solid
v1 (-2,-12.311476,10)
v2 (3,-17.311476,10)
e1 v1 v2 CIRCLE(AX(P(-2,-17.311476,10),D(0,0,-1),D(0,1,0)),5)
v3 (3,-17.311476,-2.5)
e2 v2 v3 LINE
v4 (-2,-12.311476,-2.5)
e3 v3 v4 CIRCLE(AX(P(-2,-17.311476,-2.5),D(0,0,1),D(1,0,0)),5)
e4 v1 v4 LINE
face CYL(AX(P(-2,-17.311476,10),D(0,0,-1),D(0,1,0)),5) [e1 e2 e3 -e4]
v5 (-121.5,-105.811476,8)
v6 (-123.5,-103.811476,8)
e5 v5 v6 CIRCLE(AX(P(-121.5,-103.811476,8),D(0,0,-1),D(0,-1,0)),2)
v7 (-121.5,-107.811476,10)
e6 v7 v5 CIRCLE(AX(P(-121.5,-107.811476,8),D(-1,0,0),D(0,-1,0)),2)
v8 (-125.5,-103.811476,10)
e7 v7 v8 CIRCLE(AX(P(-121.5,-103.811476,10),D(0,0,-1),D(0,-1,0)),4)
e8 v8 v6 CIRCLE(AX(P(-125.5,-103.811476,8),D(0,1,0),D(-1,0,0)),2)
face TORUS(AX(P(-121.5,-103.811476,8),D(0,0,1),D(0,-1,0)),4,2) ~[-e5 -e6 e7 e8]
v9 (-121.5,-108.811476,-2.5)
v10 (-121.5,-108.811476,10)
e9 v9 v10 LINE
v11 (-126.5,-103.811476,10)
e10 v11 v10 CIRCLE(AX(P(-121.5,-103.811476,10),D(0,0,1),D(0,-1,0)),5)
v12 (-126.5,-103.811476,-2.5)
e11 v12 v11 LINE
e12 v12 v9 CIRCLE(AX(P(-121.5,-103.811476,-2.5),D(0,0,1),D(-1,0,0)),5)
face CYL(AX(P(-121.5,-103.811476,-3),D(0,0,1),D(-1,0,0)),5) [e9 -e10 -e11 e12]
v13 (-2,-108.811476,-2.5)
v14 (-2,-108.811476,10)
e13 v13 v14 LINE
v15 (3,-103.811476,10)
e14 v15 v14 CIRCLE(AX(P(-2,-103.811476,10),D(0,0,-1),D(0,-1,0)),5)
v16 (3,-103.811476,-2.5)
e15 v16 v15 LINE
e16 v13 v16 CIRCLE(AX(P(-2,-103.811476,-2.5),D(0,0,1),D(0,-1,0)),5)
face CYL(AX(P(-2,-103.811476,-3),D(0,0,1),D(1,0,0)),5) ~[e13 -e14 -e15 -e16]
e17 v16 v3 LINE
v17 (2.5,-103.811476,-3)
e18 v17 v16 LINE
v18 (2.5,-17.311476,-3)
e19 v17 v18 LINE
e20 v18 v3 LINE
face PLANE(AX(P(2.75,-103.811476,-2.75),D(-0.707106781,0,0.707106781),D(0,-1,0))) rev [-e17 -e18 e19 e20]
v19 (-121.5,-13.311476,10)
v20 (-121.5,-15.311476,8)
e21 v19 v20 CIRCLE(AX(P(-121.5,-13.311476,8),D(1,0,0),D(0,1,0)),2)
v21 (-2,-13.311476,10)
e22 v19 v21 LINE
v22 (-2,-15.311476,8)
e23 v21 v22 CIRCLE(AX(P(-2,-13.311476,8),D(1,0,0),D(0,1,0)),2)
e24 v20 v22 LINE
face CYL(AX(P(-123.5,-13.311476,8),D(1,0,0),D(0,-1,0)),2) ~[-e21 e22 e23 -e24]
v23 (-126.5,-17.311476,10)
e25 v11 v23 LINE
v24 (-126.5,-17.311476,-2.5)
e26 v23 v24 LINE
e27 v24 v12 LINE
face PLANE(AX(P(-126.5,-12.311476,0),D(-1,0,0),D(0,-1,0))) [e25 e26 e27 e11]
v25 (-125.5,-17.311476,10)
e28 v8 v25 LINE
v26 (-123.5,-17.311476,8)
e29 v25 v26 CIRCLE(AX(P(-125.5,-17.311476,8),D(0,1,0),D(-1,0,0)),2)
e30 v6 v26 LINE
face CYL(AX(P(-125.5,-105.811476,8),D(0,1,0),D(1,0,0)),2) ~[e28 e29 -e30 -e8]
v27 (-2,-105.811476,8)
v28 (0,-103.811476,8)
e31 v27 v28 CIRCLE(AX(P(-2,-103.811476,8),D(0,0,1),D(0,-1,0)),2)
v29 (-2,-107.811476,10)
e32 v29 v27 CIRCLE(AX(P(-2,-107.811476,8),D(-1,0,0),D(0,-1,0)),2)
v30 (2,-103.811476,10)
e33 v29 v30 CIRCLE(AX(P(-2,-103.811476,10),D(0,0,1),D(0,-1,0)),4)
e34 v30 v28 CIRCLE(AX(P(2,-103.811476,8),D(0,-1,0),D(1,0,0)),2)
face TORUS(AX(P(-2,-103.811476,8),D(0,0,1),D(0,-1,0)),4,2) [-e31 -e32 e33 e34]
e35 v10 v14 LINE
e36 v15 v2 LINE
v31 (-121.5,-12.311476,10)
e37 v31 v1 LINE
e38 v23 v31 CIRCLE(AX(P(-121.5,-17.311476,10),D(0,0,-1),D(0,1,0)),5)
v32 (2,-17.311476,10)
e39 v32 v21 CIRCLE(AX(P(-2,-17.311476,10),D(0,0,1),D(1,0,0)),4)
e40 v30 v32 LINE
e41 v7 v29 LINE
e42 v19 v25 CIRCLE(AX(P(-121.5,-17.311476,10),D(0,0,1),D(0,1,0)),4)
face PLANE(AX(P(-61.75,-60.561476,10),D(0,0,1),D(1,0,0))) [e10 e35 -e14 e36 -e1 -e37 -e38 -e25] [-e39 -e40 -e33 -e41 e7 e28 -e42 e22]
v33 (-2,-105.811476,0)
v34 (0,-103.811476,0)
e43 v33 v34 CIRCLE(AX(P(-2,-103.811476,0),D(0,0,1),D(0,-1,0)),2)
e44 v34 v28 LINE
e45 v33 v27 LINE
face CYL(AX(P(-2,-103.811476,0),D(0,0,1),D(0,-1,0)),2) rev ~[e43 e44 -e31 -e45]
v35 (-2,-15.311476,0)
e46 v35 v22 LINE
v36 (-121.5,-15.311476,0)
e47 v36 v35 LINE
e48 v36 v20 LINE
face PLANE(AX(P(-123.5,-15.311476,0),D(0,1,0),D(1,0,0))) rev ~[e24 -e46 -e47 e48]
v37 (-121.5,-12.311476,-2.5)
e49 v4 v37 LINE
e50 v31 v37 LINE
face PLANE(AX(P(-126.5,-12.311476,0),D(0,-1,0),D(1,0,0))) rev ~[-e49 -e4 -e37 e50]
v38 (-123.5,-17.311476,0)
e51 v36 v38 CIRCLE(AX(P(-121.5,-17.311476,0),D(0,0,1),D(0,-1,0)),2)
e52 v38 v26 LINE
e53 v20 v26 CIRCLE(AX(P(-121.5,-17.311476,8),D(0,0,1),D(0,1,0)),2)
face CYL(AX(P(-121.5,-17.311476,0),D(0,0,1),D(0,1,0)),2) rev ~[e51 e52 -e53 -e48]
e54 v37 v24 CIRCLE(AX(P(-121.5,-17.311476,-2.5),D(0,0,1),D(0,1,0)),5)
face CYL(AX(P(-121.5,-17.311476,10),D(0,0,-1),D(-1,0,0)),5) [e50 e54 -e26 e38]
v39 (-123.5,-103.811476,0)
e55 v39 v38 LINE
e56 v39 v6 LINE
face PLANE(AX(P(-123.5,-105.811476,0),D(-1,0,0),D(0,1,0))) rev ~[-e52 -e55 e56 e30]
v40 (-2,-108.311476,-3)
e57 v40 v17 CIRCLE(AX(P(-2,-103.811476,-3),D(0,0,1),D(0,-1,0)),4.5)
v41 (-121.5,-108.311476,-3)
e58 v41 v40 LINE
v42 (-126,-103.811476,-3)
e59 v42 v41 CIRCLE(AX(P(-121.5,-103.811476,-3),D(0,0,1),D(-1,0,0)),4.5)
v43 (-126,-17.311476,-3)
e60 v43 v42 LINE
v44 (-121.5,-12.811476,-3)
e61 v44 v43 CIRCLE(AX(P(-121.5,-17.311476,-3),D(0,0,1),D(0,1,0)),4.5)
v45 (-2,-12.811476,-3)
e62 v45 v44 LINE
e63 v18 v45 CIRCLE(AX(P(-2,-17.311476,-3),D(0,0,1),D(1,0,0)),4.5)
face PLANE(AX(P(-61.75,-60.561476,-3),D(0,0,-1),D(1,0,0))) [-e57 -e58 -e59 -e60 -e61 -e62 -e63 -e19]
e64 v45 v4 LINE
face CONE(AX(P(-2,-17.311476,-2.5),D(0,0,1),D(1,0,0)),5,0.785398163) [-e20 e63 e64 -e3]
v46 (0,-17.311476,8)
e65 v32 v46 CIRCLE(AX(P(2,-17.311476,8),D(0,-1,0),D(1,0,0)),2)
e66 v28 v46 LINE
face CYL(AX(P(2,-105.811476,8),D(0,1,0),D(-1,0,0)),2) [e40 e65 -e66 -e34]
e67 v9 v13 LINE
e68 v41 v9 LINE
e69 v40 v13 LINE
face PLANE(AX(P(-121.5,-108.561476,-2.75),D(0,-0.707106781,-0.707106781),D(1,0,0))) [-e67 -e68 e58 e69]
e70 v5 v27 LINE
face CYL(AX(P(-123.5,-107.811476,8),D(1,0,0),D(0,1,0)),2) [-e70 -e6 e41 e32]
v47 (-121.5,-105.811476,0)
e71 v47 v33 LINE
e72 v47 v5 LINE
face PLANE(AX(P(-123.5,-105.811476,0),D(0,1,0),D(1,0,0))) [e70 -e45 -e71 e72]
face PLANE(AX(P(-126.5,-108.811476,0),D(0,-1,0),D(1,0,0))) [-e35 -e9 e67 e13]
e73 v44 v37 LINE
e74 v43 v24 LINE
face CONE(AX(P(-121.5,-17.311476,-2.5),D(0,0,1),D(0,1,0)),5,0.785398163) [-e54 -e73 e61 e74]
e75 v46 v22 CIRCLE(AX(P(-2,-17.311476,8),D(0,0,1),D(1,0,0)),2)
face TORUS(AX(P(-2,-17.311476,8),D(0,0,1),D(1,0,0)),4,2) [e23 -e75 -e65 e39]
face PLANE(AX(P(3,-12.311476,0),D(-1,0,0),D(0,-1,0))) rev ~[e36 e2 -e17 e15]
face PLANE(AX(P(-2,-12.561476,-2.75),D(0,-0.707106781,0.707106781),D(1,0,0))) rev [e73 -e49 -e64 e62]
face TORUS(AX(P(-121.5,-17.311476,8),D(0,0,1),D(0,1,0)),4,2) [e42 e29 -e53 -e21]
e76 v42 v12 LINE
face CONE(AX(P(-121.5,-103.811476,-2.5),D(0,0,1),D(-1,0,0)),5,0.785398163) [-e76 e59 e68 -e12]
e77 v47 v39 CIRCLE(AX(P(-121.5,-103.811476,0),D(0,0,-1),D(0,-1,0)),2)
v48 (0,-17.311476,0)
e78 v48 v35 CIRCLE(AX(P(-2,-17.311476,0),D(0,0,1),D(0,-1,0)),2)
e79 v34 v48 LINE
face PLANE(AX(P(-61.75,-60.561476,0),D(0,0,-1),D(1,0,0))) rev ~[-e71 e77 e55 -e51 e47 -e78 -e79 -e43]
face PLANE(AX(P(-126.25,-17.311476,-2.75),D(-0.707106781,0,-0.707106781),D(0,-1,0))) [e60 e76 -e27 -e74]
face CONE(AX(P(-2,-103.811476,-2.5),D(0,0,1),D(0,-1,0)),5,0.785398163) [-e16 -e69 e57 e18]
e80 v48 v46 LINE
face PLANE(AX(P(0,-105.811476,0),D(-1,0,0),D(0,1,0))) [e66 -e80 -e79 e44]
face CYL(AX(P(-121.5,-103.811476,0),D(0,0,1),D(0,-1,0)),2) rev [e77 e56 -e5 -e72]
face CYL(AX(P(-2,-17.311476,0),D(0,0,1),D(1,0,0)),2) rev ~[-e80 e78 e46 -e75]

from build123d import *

# Parameters (mm, degrees)
F0_W     = 129.5
F0_H     = 96.5
F0_W_2   = 123.5
F0_H_2   = 90.5
F1_DEPTH = 10
F2_R     = 2
F3_W     = 129.5
F3_H     = 96.5
F4_DEPTH = 3
F5_R     = 5
F6_SIZE  = 0.5


with BuildPart() as f1:
    # F0 (on Top) → F1 (new body)
    with BuildSketch(Plane.XY):
        with Locations((-61.75, -60.5614758432)):
            Rectangle(F0_W, F0_H)
        with Locations((-61.75, -60.5614758432)):
            Rectangle(F0_W_2, F0_H_2, mode=Mode.SUBTRACT)
    extrude(amount=F1_DEPTH)

    # F2
    f2_edges = [f1.edges().sort_by_distance(p)[0] for p in [
        (-123.5, -105.811476, 5),
        (-61.75, -105.811476, 10),
        (-61.75, -15.311476, 10),
        (-123.5, -60.561476, 10),
        (0, -15.311476, 5),
        (0, -60.561476, 10),
        (0, -105.811476, 5),
        (-123.5, -15.311476, 5),
    ]]
    fillet(f2_edges, radius=F2_R)

    # F3 (on face) → F4 (join)
    with BuildSketch(Plane(origin=(0, 0, 0), x_dir=(1, 0, 0), z_dir=(0, 0, -1))):
        with Locations((-61.75, 60.5614758432)):
            Rectangle(F3_W, F3_H)
    extrude(amount=F4_DEPTH)

    # F5
    f5_edges = [f1.edges().sort_by_distance(p)[0] for p in [
        (-126.5, -108.811476, 3.5),
        (3, -108.811476, 3.5),
        (3, -12.311476, 3.5),
        (-126.5, -12.311476, 3.5),
    ]]
    fillet(f5_edges, radius=F5_R)

    # F6
    f6_edges = [f1.edges().sort_by_distance(p)[0] for p in [
        (-125.035534, -107.34701, -3),
        (-61.75, -108.811476, -3),
        (-126.5, -60.561476, -3),
        (1.535534, -107.34701, -3),
        (3, -60.561476, -3),
        (-125.035534, -13.775942, -3),
        (-61.75, -12.311476, -3),
        (1.535534, -13.775942, -3),
    ]]
    chamfer(f6_edges, length=F6_SIZE)


solid = f1.part
